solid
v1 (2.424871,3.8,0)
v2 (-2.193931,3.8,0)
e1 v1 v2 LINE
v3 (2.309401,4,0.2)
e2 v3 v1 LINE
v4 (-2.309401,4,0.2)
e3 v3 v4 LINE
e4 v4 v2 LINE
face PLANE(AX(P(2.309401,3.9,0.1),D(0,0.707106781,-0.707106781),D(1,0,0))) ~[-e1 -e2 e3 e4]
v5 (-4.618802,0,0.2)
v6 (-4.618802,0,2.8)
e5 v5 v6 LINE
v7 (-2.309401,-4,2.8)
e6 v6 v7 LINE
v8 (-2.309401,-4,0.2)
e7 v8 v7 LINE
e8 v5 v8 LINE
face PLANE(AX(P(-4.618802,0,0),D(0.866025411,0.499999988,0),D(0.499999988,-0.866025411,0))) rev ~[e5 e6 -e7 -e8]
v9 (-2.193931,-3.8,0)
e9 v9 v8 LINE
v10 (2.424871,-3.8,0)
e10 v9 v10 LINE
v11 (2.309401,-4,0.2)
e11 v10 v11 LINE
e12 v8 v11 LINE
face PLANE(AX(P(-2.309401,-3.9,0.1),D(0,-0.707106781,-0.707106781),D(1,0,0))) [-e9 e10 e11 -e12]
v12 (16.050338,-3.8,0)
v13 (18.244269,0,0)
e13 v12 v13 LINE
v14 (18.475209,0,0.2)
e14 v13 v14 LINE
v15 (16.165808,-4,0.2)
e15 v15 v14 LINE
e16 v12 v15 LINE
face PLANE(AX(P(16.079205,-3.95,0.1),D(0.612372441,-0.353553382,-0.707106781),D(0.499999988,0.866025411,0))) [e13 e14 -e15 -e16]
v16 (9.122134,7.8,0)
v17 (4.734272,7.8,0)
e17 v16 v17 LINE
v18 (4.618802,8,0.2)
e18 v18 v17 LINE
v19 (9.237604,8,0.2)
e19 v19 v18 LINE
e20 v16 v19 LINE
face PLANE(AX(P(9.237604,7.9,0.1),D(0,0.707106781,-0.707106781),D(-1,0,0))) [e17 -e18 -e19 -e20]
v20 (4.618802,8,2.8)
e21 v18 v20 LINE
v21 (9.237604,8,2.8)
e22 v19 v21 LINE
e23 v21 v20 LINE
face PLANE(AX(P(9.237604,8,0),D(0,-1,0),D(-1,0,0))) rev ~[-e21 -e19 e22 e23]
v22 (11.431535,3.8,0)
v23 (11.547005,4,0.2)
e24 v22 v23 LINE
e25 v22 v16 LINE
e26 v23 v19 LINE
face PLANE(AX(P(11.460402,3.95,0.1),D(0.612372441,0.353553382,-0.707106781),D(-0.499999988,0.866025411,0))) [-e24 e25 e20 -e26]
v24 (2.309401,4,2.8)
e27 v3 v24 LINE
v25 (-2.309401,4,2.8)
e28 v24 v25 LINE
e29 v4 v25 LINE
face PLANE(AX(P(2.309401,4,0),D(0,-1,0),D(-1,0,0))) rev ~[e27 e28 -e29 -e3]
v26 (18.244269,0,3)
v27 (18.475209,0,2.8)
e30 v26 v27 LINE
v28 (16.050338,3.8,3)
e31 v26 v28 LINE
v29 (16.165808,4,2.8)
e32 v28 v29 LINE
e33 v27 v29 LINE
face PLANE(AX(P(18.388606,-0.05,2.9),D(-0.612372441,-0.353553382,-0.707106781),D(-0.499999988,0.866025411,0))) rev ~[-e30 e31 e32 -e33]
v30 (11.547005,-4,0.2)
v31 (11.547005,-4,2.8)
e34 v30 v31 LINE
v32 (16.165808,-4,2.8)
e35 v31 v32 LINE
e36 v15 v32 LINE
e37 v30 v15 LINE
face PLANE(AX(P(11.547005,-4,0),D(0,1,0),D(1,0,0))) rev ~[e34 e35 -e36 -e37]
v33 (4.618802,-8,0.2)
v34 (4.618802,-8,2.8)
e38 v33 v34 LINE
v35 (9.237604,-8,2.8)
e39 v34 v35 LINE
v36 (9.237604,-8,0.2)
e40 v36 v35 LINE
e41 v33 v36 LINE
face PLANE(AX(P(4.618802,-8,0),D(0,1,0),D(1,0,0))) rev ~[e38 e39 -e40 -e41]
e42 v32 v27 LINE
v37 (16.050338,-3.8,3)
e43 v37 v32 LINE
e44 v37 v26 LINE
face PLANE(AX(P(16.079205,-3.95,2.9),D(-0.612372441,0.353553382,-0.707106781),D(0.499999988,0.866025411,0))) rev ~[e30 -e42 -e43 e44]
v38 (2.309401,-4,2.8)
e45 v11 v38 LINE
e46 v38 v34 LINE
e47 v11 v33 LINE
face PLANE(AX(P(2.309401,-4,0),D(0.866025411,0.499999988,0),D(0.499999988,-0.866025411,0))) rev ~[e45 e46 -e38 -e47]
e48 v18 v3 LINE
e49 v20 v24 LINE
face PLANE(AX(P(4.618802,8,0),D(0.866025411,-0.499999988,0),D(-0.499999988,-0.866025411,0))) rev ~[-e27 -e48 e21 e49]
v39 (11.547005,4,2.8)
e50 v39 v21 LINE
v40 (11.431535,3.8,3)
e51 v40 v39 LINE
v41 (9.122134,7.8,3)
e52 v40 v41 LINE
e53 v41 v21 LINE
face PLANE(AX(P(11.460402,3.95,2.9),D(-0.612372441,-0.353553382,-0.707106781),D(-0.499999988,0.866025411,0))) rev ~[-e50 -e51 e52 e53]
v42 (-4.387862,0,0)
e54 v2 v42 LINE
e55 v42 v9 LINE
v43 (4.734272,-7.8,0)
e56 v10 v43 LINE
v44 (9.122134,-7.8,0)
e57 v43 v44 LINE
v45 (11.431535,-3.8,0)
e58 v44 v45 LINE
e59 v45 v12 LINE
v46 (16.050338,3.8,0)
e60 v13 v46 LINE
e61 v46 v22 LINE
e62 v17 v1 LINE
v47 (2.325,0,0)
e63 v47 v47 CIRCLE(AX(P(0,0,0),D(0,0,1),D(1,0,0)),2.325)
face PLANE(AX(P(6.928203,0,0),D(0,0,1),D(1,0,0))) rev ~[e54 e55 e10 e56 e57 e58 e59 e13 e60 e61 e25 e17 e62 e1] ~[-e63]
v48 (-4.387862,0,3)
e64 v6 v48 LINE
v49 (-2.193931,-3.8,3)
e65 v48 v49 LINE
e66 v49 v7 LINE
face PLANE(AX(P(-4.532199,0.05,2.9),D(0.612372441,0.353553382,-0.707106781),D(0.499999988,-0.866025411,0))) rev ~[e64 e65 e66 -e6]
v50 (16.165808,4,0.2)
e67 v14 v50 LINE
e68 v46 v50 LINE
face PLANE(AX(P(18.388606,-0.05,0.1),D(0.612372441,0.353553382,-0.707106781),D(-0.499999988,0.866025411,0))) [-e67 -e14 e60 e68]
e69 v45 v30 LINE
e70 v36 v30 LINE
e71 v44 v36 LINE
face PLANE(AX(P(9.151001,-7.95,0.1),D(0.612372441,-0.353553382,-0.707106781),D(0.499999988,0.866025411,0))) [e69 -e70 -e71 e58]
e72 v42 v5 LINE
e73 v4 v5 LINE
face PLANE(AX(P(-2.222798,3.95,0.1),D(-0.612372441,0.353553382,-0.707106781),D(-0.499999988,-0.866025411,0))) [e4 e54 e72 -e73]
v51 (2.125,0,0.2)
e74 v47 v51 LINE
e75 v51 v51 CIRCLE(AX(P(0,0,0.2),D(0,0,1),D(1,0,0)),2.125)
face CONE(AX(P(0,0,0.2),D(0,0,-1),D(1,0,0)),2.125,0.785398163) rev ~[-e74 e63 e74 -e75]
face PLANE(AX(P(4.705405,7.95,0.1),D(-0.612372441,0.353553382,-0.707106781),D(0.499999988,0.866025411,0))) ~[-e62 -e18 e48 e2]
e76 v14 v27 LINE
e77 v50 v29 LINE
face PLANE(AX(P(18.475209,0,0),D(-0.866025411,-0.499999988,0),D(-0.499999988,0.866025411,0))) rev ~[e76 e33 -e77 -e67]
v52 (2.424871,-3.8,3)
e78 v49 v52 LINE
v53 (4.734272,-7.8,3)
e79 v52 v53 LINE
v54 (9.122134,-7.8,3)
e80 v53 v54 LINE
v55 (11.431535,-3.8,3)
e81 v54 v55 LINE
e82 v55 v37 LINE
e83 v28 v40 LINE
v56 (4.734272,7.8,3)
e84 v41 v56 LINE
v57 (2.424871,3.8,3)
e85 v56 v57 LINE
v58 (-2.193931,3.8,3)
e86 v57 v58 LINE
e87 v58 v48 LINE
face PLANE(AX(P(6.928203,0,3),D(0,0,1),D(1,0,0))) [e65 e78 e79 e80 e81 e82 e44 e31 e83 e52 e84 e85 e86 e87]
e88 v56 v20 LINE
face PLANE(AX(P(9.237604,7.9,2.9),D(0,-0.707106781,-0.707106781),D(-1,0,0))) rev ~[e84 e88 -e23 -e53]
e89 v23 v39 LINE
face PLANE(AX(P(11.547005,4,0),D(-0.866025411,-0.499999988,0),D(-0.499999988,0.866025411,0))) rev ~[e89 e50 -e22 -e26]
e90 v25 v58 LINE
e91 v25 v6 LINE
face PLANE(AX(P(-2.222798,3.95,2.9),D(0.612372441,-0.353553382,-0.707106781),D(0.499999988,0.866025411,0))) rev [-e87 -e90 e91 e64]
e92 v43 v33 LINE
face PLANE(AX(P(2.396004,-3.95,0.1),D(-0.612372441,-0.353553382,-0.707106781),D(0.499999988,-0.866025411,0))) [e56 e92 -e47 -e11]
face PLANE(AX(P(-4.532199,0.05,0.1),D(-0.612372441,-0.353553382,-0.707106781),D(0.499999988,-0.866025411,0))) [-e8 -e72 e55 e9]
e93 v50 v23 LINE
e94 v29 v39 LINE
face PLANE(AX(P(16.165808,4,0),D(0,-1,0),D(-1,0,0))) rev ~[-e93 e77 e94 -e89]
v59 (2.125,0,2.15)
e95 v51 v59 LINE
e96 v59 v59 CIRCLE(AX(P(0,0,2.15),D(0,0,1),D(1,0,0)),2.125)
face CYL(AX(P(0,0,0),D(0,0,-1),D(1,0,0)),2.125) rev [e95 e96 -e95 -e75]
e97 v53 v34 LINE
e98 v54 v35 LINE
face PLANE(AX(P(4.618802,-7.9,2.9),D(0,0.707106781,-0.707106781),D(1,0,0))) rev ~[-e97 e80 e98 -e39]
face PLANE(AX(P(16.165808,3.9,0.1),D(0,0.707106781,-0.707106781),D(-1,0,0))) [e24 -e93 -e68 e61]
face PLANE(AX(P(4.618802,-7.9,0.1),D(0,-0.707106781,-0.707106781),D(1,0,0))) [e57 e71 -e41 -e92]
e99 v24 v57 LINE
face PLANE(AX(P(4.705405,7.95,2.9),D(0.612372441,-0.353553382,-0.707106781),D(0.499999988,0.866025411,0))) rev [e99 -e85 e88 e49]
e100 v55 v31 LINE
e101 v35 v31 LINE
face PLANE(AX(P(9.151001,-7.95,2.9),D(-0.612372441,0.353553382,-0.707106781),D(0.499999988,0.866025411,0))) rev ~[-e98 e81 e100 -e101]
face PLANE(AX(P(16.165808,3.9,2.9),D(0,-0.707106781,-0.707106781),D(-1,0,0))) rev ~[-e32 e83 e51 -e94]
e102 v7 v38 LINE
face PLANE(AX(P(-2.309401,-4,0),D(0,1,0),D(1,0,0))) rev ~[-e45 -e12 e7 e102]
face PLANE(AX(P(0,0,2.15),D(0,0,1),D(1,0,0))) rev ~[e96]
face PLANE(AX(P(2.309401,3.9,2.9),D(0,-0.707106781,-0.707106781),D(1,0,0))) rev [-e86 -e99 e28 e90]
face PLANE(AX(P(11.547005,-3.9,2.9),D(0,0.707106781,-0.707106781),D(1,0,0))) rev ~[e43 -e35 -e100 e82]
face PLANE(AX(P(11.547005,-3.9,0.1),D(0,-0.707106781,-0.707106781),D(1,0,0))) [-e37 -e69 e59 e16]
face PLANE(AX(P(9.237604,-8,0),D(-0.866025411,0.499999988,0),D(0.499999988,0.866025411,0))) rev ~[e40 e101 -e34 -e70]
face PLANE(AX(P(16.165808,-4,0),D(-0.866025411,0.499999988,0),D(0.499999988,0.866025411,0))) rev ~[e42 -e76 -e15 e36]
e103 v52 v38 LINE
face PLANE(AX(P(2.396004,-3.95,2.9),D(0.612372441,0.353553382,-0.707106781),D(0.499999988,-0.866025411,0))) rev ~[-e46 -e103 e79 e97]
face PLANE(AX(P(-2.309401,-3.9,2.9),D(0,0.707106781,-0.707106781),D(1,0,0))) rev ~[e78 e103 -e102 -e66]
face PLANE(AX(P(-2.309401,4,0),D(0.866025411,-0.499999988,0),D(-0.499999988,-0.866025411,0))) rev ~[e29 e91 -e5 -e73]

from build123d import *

# Parameters (mm, degrees)
PAD_DEPTH       = 3
SKETCH001_R     = 2.125
POCKET_DEPTH    = 2.15
CHAMFER_SIZE    = 0.2
CHAMFER001_SIZE = 0.2


with BuildPart() as part:
    # Sketch → Pad (new body)
    with BuildSketch(Plane.XY):
        Polygon((2.309401, 4), (-2.309401, 4), (-4.618802, 0), (-2.309401, -4), (2.309401, -4), (4.618802, -8), (9.237604, -8), (11.547005, -4), (16.165808, -4), (18.475209, 0), (16.165808, 4), (11.547005, 4), (9.237604, 8), (4.618802, 8), align=None)
    extrude(amount=PAD_DEPTH)

    # Sketch001 → Pocket (cut)
    with BuildSketch(Plane.XY):
        Circle(SKETCH001_R)
    extrude(amount=POCKET_DEPTH, mode=Mode.SUBTRACT)

    # Chamfer
    chamfer_edges = [part.edges().sort_by_distance(p)[0] for p in [
        (0, 4, 3),
        (-3.464102, 2, 3),
        (-3.464102, -2, 3),
        (0, -4, 3),
        (3.464102, -6, 3),
        (6.928203, -8, 3),
        (10.392305, -6, 3),
        (13.856406, -4, 3),
        (17.320508, -2, 3),
        (17.320508, 2, 3),
        (13.856406, 4, 3),
        (10.392305, 6, 3),
        (6.928203, 8, 3),
        (3.464102, 6, 3),
    ]]
    chamfer(chamfer_edges, length=CHAMFER_SIZE)

    # Chamfer001
    chamfer001_edges = [part.edges().sort_by_distance(p)[0] for p in [
        (0, 4, 0),
        (3.464102, 6, 0),
        (-3.464102, 2, 0),
        (6.928203, 8, 0),
        (-3.464102, -2, 0),
        (10.392305, 6, 0),
        (0, -4, 0),
        (13.856406, 4, 0),
        (3.464102, -6, 0),
        (17.320508, 2, 0),
        (6.928203, -8, 0),
        (17.320508, -2, 0),
        (10.392305, -6, 0),
        (13.856406, -4, 0),
        (-2.125, 0, 0),
    ]]
    chamfer(chamfer001_edges, length=CHAMFER001_SIZE)


solid = part.part
